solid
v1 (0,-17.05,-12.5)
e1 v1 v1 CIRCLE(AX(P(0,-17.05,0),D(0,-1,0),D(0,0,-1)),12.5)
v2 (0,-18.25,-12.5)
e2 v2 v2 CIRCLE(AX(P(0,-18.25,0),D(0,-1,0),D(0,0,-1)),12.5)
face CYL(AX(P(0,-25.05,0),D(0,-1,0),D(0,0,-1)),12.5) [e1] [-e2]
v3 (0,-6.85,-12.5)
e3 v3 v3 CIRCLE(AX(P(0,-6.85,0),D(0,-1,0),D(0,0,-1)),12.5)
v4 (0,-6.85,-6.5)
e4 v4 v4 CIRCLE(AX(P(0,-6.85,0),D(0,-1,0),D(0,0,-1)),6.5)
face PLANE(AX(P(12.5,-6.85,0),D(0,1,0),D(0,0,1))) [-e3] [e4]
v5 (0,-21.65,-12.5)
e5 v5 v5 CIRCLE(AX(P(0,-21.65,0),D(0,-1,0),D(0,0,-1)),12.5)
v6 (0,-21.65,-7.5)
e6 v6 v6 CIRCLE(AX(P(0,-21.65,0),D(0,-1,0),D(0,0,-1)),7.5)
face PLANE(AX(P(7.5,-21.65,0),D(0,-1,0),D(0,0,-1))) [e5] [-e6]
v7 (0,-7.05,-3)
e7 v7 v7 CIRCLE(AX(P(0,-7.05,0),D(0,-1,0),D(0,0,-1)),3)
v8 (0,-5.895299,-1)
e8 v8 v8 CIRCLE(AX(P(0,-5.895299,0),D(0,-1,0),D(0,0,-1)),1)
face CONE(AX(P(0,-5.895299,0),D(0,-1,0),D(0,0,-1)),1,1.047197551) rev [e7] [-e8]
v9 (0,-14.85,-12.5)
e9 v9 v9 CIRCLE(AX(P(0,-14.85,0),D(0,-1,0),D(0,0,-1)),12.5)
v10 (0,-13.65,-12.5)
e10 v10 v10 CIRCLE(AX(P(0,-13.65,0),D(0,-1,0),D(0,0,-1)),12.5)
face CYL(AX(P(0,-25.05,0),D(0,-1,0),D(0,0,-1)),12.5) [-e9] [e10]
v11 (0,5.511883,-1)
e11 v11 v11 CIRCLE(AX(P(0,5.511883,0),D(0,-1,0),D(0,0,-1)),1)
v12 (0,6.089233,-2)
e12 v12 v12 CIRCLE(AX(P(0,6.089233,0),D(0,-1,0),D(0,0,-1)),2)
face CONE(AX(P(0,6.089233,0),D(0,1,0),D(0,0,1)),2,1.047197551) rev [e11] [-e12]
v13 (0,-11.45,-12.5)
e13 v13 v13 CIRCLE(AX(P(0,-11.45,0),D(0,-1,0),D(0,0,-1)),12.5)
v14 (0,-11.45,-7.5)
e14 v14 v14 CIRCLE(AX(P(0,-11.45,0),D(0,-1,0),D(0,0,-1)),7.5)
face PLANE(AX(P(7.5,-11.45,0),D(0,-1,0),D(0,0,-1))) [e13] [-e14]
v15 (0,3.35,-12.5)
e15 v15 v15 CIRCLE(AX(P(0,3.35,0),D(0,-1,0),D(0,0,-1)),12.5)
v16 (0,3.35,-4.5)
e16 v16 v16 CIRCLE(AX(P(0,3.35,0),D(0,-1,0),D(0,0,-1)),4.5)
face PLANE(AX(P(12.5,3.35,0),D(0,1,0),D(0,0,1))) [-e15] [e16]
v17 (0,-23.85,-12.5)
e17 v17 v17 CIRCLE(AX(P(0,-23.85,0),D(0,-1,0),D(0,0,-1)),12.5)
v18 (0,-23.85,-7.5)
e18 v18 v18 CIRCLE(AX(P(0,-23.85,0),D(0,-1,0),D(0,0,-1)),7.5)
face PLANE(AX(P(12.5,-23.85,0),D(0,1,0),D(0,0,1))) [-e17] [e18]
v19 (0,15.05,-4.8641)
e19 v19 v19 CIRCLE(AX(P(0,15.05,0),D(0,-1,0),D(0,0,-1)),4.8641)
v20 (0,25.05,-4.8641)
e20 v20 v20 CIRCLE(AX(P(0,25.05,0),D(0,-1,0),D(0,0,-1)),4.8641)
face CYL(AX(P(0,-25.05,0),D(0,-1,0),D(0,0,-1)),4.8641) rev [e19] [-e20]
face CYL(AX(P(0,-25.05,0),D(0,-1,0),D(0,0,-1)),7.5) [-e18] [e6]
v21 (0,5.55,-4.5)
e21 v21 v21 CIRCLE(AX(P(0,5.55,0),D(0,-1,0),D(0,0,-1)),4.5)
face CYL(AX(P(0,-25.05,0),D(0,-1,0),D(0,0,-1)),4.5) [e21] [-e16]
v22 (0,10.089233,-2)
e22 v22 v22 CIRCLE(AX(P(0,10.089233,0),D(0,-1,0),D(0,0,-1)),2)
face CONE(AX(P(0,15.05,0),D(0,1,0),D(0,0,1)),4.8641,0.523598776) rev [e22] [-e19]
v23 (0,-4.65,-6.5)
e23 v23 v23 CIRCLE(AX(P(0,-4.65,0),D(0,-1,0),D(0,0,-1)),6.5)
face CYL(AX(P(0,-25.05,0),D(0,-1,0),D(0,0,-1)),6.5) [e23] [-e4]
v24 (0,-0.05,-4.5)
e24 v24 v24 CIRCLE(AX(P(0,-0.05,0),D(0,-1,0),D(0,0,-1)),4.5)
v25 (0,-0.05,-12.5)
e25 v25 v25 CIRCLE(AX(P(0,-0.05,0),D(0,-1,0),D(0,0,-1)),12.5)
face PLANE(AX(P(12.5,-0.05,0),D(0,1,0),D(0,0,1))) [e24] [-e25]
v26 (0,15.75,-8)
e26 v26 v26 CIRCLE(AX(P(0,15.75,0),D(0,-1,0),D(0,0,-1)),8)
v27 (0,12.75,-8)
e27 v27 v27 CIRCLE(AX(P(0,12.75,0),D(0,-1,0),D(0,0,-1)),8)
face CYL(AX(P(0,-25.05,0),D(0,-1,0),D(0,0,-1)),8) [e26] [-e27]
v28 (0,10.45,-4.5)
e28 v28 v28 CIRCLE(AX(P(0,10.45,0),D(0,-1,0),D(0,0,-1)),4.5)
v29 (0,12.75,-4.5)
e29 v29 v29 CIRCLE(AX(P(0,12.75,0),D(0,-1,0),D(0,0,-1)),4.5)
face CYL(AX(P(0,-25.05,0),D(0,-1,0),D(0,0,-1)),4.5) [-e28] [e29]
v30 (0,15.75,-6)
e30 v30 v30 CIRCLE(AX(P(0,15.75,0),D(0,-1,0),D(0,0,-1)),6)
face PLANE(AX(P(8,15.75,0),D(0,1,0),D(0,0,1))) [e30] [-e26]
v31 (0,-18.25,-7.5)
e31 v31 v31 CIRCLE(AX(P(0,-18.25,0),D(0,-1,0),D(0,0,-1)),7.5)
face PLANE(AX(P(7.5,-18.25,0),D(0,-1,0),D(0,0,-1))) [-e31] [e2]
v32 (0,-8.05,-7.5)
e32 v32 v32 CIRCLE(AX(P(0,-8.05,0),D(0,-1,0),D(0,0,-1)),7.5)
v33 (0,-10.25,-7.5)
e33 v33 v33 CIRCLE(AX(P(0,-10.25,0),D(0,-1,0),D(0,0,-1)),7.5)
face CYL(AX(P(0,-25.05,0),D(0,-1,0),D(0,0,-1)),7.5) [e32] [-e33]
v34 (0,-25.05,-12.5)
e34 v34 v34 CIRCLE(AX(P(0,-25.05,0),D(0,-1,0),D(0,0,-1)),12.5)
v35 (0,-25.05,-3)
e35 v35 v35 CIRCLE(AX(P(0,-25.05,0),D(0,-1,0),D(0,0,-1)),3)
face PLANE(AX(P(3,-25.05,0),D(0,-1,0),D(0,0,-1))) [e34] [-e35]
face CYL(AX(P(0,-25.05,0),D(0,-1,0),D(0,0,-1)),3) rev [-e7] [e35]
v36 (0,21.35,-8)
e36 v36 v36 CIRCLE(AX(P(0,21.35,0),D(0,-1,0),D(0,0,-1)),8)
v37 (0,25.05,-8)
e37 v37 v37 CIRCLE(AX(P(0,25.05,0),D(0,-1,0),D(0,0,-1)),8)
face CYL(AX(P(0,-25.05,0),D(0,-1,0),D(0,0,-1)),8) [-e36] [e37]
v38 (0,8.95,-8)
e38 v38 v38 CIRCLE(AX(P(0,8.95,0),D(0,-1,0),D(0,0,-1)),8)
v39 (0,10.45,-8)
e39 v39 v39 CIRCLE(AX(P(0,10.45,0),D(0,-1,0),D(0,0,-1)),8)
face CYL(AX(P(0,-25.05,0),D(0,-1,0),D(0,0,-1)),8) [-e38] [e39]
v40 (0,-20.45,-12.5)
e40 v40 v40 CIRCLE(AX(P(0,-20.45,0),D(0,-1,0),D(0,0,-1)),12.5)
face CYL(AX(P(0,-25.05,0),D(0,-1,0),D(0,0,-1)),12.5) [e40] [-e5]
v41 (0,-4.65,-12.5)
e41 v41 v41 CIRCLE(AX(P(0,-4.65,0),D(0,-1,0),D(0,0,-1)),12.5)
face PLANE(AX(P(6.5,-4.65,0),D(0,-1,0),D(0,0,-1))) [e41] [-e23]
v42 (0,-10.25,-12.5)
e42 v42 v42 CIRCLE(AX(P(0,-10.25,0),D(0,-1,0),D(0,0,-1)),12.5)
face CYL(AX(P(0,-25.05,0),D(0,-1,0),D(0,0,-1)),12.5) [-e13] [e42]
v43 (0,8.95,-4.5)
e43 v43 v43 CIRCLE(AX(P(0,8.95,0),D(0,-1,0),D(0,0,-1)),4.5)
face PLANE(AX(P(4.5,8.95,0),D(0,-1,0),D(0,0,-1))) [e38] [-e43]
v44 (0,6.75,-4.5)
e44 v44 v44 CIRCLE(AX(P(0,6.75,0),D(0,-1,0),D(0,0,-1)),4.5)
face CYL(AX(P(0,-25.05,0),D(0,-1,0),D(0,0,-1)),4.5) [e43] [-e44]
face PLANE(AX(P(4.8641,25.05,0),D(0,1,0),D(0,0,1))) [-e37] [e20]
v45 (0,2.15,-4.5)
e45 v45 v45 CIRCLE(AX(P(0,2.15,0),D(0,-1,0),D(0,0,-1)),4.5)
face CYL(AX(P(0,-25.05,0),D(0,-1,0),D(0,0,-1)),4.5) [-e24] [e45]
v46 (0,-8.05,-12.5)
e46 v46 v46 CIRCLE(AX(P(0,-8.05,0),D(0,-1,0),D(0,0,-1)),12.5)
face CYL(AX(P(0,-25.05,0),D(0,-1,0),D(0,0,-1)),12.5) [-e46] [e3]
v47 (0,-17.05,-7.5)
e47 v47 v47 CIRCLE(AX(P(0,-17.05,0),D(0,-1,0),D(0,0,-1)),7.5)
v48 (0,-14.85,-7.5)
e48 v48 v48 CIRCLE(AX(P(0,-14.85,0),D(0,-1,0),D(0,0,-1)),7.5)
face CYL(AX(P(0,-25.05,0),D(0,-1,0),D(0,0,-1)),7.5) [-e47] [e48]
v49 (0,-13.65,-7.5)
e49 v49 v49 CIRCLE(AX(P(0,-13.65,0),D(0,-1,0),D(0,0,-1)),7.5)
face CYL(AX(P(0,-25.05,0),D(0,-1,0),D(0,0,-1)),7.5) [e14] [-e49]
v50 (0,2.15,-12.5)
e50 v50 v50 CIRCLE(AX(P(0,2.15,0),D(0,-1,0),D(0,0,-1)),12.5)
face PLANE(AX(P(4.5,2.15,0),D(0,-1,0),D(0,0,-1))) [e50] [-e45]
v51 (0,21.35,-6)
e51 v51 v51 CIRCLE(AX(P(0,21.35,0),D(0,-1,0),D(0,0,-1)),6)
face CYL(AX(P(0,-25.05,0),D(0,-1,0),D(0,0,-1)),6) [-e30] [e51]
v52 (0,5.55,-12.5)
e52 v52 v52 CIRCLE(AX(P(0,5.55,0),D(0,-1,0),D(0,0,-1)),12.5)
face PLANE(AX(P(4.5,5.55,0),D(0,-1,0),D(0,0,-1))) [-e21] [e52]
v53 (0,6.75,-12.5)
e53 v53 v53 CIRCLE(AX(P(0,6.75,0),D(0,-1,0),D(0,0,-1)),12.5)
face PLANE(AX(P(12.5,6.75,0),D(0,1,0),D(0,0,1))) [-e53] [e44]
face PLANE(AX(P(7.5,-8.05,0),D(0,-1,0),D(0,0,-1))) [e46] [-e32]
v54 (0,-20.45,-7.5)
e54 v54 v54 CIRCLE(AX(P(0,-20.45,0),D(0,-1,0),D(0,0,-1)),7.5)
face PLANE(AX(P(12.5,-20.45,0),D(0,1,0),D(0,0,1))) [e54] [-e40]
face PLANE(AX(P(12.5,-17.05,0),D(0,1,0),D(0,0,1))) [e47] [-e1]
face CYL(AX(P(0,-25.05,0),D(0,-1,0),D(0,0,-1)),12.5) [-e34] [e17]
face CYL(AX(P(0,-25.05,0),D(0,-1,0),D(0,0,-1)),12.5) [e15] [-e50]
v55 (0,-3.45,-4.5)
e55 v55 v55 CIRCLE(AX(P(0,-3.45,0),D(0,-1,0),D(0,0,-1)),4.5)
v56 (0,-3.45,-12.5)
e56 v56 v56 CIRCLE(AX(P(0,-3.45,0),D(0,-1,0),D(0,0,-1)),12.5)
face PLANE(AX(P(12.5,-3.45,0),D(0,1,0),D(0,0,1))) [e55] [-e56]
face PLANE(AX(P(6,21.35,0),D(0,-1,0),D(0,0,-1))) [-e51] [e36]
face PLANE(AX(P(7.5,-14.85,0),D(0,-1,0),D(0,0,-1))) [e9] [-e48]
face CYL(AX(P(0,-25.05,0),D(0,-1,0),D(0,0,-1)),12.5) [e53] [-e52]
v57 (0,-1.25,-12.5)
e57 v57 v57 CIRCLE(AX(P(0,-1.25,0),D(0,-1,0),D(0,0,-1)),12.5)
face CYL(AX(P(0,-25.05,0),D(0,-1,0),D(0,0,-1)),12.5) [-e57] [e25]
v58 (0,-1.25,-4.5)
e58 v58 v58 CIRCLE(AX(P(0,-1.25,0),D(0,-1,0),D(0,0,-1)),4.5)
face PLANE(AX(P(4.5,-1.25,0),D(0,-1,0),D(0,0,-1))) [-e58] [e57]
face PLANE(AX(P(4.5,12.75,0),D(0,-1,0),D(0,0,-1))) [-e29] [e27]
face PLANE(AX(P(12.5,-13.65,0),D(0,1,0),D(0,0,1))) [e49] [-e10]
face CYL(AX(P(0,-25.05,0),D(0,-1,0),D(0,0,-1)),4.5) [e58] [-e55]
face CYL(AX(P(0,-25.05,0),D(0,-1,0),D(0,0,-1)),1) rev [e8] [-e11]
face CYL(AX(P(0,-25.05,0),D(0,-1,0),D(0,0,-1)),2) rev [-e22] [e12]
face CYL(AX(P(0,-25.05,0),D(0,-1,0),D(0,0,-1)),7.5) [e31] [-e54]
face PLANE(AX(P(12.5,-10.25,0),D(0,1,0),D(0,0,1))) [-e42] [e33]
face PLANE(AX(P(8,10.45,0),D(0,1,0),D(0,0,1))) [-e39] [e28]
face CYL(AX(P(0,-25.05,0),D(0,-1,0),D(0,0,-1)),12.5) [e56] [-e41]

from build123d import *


with BuildPart() as part:
    # Sketch1 → Revolve1 (revolve)
    with BuildSketch(Plane.XY):
        Polygon((3, -25.05), (12.5, -25.05), (12.5, -23.85), (7.5, -23.85), (7.5, -21.65), (12.5, -21.65), (12.5, -20.45), (7.5, -20.45), (7.5, -18.25), (12.5, -18.25), (12.5, -17.05), (7.5, -17.05), (7.5, -14.85), (12.5, -14.85), (12.5, -13.65), (7.5, -13.65), (7.5, -11.45), (12.5, -11.45), (12.5, -10.25), (7.5, -10.25), (7.5, -8.05), (12.5, -8.05), (12.5, -6.85), (6.5, -6.85), (6.5, -4.65), (12.5, -4.65), (12.5, -3.45), (4.5, -3.45), (4.5, -1.25), (12.5, -1.25), (12.5, -0.05), (4.5, -0.05), (4.5, 2.15), (12.5, 2.15), (12.5, 3.35), (4.5, 3.35), (4.5, 5.55), (12.5, 5.55), (12.5, 6.75), (4.5, 6.75), (4.5, 8.95), (8, 8.95), (8, 10.45), (4.5, 10.45), (4.5, 12.75), (8, 12.75), (8, 15.75), (6, 15.75), (6, 21.35), (8, 21.35), (8, 25.05), (4.8641, 25.05), (4.8641, 15.05), (2, 10.089233282), (2, 6.089233282), (1, 5.511883013), (1, -5.895299462), (3, -7.05), align=None)
    revolve(axis=Axis((0, -25.05, 0), (0, 1, 0)))


solid = part.part
